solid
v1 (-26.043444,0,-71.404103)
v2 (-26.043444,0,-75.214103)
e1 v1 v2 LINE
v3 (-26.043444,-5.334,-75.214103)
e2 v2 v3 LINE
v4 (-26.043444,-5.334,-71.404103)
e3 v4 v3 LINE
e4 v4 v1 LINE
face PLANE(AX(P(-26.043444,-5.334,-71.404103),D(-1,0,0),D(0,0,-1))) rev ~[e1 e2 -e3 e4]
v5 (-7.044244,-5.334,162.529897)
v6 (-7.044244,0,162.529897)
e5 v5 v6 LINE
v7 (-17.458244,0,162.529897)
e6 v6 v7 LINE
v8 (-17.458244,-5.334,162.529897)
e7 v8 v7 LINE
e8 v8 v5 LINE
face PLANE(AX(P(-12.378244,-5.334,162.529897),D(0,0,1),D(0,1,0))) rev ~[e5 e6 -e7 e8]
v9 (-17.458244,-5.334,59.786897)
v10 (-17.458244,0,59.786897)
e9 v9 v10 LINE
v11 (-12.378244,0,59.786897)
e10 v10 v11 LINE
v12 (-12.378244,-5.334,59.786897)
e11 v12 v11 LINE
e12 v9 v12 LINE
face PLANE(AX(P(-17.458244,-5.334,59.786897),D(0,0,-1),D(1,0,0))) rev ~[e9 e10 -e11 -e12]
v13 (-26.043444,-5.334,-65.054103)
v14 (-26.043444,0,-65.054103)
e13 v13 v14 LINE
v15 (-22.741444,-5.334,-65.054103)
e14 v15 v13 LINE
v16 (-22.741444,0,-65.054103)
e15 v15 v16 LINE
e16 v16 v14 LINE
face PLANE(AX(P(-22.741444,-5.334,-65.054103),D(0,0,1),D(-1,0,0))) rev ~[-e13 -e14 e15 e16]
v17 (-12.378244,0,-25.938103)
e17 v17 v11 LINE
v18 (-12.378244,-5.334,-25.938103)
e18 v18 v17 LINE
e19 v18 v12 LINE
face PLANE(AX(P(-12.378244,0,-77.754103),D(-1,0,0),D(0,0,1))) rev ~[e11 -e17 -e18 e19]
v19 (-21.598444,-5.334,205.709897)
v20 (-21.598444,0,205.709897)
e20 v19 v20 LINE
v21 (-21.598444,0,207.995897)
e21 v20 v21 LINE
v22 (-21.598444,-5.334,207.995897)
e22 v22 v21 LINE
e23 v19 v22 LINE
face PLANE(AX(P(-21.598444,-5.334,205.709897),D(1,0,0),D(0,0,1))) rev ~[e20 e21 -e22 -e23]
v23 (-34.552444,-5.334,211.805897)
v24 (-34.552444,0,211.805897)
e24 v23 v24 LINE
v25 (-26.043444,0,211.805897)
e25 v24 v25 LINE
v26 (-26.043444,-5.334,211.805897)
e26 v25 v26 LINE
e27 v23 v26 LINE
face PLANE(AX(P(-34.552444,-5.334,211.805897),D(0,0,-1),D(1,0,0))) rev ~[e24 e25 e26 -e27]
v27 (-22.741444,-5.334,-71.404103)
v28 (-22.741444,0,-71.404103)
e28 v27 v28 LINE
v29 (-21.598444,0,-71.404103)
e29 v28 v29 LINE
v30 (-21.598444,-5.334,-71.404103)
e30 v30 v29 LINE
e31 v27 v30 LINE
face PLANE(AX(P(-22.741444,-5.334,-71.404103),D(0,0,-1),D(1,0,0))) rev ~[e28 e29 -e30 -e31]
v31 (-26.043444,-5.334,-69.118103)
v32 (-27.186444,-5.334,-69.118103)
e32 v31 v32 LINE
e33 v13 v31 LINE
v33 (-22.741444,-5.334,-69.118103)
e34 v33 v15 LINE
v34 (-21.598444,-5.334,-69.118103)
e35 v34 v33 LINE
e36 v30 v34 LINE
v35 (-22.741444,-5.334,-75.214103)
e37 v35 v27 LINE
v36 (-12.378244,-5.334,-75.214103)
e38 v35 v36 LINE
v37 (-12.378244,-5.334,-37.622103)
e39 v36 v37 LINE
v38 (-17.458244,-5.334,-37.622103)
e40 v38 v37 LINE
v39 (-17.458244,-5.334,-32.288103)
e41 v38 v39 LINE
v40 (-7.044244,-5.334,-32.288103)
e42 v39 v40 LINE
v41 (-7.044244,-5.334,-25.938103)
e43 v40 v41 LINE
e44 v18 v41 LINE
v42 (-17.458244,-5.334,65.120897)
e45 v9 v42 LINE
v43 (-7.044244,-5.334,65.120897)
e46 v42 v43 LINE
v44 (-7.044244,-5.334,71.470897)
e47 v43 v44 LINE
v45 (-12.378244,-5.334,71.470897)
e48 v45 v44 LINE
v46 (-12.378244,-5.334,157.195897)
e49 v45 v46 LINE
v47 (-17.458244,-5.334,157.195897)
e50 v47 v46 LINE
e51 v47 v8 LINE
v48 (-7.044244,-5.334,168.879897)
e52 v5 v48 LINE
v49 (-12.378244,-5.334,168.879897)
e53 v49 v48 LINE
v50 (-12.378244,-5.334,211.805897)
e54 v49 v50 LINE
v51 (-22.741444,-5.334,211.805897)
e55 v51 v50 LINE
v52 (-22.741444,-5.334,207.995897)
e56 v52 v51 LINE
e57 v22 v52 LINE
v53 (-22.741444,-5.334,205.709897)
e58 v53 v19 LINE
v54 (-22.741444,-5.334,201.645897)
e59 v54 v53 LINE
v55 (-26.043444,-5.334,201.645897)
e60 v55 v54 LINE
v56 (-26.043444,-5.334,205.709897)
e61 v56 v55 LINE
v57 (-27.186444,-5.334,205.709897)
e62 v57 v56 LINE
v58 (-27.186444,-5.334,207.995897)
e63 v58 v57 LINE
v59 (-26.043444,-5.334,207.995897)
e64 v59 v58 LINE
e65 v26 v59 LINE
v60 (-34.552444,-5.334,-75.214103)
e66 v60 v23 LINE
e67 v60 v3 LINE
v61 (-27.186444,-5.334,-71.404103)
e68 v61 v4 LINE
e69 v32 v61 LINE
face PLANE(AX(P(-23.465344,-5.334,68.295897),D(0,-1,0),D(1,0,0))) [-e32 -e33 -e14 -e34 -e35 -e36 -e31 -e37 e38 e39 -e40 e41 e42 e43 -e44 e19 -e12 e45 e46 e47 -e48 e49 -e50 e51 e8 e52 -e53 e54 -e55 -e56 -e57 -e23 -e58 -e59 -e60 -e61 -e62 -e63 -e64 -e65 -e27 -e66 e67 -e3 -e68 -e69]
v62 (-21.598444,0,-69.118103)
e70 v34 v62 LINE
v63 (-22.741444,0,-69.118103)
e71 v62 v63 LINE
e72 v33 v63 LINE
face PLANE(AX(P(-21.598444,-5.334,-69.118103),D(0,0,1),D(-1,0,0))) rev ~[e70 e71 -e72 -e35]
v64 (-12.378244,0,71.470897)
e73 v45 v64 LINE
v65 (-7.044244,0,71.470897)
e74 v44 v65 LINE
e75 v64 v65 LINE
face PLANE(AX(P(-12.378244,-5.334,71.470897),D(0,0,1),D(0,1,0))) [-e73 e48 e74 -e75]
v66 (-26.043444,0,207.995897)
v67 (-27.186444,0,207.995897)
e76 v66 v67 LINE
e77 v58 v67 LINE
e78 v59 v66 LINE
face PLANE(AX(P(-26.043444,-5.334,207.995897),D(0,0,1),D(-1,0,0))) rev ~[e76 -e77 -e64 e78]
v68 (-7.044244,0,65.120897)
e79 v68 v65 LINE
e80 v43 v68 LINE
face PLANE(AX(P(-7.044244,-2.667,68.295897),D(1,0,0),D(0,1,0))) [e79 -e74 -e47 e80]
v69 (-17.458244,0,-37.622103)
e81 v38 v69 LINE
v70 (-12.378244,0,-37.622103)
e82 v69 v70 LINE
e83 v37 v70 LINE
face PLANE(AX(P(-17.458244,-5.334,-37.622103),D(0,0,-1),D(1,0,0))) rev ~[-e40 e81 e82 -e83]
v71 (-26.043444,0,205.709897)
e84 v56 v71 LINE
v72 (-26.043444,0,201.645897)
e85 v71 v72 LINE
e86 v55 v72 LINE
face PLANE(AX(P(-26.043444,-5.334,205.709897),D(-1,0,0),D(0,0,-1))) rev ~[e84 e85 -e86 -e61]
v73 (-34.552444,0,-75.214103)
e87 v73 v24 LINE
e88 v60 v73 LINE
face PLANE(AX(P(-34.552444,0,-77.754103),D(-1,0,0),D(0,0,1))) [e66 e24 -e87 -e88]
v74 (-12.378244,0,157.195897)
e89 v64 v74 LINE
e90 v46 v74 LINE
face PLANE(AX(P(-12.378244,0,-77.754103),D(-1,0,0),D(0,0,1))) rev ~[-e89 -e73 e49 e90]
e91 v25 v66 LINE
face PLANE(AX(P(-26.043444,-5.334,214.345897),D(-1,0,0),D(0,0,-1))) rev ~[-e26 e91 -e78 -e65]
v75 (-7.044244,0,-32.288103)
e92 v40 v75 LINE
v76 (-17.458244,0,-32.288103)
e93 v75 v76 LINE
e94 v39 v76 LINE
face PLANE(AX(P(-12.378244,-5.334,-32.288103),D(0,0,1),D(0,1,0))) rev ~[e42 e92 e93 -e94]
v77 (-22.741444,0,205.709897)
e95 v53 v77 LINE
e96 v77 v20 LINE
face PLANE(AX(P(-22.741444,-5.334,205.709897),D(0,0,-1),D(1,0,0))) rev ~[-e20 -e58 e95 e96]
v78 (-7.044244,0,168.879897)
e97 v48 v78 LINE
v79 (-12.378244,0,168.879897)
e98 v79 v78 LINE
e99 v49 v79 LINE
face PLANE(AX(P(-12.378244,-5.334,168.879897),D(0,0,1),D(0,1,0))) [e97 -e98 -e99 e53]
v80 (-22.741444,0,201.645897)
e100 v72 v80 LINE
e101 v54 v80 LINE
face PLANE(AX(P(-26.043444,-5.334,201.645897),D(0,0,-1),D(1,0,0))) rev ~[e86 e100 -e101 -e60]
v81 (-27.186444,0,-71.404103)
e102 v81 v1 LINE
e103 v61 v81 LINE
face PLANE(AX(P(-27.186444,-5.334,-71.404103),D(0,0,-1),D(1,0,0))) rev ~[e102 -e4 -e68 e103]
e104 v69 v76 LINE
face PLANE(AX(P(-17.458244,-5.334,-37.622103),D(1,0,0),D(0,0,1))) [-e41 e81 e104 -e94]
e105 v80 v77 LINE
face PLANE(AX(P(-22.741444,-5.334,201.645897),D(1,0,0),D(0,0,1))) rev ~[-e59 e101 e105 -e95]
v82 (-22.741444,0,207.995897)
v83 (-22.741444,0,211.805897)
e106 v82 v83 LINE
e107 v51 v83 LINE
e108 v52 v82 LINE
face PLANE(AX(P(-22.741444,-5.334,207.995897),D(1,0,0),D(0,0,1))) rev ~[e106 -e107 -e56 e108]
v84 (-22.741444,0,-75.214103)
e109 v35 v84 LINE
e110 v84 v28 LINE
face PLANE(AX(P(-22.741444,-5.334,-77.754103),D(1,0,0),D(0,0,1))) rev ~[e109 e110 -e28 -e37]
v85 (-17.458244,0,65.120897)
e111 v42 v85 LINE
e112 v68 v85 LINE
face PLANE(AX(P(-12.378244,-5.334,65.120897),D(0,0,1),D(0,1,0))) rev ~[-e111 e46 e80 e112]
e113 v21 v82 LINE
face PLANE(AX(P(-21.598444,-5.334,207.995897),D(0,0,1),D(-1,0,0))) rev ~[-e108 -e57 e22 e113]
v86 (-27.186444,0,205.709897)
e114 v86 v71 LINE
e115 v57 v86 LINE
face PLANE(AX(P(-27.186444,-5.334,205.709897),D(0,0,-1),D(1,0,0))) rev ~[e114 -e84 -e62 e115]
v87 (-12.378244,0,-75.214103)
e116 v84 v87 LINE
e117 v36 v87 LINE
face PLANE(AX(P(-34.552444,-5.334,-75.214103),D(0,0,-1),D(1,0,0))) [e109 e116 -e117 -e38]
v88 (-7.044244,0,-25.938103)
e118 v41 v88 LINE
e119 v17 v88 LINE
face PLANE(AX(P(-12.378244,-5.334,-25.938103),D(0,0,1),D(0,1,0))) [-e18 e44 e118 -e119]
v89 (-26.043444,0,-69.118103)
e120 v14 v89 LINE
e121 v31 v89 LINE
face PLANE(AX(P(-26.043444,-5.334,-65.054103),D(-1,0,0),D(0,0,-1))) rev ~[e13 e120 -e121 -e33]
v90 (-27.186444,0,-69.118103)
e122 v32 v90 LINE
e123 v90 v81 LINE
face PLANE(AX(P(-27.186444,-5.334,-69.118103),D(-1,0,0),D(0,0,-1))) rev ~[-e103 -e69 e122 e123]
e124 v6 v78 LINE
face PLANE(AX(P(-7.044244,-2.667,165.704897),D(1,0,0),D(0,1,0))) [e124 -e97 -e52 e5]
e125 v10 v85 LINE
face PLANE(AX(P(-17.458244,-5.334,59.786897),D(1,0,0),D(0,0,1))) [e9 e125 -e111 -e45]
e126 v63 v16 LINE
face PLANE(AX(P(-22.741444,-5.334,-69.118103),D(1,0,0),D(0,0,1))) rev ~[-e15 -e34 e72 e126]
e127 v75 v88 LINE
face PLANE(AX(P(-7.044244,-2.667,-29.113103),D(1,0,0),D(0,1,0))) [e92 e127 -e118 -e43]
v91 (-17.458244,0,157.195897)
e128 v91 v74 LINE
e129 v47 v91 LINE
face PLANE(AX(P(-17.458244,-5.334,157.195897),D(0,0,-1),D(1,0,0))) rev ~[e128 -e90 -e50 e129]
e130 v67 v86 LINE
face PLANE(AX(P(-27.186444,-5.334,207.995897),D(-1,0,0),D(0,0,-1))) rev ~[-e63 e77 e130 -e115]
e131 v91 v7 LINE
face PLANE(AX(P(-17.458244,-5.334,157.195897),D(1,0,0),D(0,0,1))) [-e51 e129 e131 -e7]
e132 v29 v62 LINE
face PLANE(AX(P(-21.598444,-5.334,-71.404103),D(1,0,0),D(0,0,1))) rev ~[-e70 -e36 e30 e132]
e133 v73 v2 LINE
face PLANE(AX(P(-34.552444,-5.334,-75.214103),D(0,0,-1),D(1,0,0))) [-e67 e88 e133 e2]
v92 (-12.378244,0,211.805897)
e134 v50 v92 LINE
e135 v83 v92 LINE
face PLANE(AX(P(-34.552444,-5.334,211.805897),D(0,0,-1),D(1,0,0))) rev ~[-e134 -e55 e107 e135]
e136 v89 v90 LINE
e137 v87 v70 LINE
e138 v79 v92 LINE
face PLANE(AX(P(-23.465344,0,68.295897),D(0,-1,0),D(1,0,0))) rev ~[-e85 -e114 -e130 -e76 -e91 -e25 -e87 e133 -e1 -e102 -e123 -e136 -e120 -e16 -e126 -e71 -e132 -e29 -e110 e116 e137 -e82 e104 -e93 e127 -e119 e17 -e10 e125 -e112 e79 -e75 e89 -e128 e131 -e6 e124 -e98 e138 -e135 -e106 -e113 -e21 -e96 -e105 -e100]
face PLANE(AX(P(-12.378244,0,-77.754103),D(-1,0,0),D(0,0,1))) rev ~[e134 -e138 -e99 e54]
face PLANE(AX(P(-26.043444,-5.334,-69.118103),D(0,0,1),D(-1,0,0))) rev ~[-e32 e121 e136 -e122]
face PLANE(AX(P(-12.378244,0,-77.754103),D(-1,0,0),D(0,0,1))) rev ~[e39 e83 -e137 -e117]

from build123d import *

# Parameters (mm, degrees)
F0_W     = 22.1742
F0_H     = 292.1
F1_DEPTH = 5.334
F2_W     = 5.334
F2_H     = 6.35
F3_DEPTH = 5.334
F5_DEPTH = 5.335
F6_W     = 5.08
F6_H     = 5.334
F7_DEPTH = 25.4
F8_W     = 22.1742
F8_H     = 2.54
F9_DEPTH = 25.4


with BuildPart() as f1:
    # F0 (on Front) → F1 (new body)
    with BuildSketch(Plane.XZ):
        with Locations((-23.465344, 68.295897)):
            Rectangle(F0_W, F0_H)
    extrude(amount=F1_DEPTH)

    # F2 (on face) → F3 (join)
    with BuildSketch(Plane.YZ.offset(-12.378244)):
        with Locations((-2.667, 165.704897)):
            Rectangle(F2_W, F2_H)
        with Locations((-2.667, 68.295897)):
            Rectangle(F2_W, F2_H)
        with Locations((-2.667, -29.113103)):
            Rectangle(F2_W, F2_H)
    extrude(amount=F3_DEPTH)

    # F4 (on face) → F5 (cut, through all)
    with BuildSketch(Plane.XZ.offset(5.334)):
        Polygon((-26.043444, -71.404103), (-26.043444, -77.754103), (-22.741444, -77.754103), (-22.741444, -71.404103), (-21.598444, -71.404103), (-21.598444, -69.118103), (-22.741444, -69.118103), (-22.741444, -65.054103), (-26.043444, -65.054103), (-26.043444, -69.118103), (-27.186444, -69.118103), (-27.186444, -71.404103), align=None)
        Polygon((-26.043444, 214.345897), (-26.043444, 207.995897), (-27.186444, 207.995897), (-27.186444, 205.709897), (-26.043444, 205.709897), (-26.043444, 201.645897), (-22.741444, 201.645897), (-22.741444, 205.709897), (-21.598444, 205.709897), (-21.598444, 207.995897), (-22.741444, 207.995897), (-22.741444, 214.345897), align=None)
    extrude(amount=-F5_DEPTH, mode=Mode.SUBTRACT)

    # F6 (on face) → F7 (cut)
    with BuildSketch(Plane.XZ.offset(5.334)):
        with Locations((-14.918244, 159.862897)):
            Rectangle(F6_W, F6_H)
        with Locations((-14.918244, 62.453897)):
            Rectangle(F6_W, F6_H)
        with Locations((-14.918244, -34.955103)):
            Rectangle(F6_W, F6_H)
    extrude(amount=-F7_DEPTH, mode=Mode.SUBTRACT)

    # F8 (on face) → F9 (cut)
    with BuildSketch(Plane.XZ.offset(5.334)):
        with Locations((-23.465344, 213.075897)):
            Rectangle(F8_W, F8_H)
        with Locations((-23.465344, -76.484103)):
            Rectangle(F8_W, F8_H)
    extrude(amount=-F9_DEPTH, mode=Mode.SUBTRACT)


solid = f1.part
